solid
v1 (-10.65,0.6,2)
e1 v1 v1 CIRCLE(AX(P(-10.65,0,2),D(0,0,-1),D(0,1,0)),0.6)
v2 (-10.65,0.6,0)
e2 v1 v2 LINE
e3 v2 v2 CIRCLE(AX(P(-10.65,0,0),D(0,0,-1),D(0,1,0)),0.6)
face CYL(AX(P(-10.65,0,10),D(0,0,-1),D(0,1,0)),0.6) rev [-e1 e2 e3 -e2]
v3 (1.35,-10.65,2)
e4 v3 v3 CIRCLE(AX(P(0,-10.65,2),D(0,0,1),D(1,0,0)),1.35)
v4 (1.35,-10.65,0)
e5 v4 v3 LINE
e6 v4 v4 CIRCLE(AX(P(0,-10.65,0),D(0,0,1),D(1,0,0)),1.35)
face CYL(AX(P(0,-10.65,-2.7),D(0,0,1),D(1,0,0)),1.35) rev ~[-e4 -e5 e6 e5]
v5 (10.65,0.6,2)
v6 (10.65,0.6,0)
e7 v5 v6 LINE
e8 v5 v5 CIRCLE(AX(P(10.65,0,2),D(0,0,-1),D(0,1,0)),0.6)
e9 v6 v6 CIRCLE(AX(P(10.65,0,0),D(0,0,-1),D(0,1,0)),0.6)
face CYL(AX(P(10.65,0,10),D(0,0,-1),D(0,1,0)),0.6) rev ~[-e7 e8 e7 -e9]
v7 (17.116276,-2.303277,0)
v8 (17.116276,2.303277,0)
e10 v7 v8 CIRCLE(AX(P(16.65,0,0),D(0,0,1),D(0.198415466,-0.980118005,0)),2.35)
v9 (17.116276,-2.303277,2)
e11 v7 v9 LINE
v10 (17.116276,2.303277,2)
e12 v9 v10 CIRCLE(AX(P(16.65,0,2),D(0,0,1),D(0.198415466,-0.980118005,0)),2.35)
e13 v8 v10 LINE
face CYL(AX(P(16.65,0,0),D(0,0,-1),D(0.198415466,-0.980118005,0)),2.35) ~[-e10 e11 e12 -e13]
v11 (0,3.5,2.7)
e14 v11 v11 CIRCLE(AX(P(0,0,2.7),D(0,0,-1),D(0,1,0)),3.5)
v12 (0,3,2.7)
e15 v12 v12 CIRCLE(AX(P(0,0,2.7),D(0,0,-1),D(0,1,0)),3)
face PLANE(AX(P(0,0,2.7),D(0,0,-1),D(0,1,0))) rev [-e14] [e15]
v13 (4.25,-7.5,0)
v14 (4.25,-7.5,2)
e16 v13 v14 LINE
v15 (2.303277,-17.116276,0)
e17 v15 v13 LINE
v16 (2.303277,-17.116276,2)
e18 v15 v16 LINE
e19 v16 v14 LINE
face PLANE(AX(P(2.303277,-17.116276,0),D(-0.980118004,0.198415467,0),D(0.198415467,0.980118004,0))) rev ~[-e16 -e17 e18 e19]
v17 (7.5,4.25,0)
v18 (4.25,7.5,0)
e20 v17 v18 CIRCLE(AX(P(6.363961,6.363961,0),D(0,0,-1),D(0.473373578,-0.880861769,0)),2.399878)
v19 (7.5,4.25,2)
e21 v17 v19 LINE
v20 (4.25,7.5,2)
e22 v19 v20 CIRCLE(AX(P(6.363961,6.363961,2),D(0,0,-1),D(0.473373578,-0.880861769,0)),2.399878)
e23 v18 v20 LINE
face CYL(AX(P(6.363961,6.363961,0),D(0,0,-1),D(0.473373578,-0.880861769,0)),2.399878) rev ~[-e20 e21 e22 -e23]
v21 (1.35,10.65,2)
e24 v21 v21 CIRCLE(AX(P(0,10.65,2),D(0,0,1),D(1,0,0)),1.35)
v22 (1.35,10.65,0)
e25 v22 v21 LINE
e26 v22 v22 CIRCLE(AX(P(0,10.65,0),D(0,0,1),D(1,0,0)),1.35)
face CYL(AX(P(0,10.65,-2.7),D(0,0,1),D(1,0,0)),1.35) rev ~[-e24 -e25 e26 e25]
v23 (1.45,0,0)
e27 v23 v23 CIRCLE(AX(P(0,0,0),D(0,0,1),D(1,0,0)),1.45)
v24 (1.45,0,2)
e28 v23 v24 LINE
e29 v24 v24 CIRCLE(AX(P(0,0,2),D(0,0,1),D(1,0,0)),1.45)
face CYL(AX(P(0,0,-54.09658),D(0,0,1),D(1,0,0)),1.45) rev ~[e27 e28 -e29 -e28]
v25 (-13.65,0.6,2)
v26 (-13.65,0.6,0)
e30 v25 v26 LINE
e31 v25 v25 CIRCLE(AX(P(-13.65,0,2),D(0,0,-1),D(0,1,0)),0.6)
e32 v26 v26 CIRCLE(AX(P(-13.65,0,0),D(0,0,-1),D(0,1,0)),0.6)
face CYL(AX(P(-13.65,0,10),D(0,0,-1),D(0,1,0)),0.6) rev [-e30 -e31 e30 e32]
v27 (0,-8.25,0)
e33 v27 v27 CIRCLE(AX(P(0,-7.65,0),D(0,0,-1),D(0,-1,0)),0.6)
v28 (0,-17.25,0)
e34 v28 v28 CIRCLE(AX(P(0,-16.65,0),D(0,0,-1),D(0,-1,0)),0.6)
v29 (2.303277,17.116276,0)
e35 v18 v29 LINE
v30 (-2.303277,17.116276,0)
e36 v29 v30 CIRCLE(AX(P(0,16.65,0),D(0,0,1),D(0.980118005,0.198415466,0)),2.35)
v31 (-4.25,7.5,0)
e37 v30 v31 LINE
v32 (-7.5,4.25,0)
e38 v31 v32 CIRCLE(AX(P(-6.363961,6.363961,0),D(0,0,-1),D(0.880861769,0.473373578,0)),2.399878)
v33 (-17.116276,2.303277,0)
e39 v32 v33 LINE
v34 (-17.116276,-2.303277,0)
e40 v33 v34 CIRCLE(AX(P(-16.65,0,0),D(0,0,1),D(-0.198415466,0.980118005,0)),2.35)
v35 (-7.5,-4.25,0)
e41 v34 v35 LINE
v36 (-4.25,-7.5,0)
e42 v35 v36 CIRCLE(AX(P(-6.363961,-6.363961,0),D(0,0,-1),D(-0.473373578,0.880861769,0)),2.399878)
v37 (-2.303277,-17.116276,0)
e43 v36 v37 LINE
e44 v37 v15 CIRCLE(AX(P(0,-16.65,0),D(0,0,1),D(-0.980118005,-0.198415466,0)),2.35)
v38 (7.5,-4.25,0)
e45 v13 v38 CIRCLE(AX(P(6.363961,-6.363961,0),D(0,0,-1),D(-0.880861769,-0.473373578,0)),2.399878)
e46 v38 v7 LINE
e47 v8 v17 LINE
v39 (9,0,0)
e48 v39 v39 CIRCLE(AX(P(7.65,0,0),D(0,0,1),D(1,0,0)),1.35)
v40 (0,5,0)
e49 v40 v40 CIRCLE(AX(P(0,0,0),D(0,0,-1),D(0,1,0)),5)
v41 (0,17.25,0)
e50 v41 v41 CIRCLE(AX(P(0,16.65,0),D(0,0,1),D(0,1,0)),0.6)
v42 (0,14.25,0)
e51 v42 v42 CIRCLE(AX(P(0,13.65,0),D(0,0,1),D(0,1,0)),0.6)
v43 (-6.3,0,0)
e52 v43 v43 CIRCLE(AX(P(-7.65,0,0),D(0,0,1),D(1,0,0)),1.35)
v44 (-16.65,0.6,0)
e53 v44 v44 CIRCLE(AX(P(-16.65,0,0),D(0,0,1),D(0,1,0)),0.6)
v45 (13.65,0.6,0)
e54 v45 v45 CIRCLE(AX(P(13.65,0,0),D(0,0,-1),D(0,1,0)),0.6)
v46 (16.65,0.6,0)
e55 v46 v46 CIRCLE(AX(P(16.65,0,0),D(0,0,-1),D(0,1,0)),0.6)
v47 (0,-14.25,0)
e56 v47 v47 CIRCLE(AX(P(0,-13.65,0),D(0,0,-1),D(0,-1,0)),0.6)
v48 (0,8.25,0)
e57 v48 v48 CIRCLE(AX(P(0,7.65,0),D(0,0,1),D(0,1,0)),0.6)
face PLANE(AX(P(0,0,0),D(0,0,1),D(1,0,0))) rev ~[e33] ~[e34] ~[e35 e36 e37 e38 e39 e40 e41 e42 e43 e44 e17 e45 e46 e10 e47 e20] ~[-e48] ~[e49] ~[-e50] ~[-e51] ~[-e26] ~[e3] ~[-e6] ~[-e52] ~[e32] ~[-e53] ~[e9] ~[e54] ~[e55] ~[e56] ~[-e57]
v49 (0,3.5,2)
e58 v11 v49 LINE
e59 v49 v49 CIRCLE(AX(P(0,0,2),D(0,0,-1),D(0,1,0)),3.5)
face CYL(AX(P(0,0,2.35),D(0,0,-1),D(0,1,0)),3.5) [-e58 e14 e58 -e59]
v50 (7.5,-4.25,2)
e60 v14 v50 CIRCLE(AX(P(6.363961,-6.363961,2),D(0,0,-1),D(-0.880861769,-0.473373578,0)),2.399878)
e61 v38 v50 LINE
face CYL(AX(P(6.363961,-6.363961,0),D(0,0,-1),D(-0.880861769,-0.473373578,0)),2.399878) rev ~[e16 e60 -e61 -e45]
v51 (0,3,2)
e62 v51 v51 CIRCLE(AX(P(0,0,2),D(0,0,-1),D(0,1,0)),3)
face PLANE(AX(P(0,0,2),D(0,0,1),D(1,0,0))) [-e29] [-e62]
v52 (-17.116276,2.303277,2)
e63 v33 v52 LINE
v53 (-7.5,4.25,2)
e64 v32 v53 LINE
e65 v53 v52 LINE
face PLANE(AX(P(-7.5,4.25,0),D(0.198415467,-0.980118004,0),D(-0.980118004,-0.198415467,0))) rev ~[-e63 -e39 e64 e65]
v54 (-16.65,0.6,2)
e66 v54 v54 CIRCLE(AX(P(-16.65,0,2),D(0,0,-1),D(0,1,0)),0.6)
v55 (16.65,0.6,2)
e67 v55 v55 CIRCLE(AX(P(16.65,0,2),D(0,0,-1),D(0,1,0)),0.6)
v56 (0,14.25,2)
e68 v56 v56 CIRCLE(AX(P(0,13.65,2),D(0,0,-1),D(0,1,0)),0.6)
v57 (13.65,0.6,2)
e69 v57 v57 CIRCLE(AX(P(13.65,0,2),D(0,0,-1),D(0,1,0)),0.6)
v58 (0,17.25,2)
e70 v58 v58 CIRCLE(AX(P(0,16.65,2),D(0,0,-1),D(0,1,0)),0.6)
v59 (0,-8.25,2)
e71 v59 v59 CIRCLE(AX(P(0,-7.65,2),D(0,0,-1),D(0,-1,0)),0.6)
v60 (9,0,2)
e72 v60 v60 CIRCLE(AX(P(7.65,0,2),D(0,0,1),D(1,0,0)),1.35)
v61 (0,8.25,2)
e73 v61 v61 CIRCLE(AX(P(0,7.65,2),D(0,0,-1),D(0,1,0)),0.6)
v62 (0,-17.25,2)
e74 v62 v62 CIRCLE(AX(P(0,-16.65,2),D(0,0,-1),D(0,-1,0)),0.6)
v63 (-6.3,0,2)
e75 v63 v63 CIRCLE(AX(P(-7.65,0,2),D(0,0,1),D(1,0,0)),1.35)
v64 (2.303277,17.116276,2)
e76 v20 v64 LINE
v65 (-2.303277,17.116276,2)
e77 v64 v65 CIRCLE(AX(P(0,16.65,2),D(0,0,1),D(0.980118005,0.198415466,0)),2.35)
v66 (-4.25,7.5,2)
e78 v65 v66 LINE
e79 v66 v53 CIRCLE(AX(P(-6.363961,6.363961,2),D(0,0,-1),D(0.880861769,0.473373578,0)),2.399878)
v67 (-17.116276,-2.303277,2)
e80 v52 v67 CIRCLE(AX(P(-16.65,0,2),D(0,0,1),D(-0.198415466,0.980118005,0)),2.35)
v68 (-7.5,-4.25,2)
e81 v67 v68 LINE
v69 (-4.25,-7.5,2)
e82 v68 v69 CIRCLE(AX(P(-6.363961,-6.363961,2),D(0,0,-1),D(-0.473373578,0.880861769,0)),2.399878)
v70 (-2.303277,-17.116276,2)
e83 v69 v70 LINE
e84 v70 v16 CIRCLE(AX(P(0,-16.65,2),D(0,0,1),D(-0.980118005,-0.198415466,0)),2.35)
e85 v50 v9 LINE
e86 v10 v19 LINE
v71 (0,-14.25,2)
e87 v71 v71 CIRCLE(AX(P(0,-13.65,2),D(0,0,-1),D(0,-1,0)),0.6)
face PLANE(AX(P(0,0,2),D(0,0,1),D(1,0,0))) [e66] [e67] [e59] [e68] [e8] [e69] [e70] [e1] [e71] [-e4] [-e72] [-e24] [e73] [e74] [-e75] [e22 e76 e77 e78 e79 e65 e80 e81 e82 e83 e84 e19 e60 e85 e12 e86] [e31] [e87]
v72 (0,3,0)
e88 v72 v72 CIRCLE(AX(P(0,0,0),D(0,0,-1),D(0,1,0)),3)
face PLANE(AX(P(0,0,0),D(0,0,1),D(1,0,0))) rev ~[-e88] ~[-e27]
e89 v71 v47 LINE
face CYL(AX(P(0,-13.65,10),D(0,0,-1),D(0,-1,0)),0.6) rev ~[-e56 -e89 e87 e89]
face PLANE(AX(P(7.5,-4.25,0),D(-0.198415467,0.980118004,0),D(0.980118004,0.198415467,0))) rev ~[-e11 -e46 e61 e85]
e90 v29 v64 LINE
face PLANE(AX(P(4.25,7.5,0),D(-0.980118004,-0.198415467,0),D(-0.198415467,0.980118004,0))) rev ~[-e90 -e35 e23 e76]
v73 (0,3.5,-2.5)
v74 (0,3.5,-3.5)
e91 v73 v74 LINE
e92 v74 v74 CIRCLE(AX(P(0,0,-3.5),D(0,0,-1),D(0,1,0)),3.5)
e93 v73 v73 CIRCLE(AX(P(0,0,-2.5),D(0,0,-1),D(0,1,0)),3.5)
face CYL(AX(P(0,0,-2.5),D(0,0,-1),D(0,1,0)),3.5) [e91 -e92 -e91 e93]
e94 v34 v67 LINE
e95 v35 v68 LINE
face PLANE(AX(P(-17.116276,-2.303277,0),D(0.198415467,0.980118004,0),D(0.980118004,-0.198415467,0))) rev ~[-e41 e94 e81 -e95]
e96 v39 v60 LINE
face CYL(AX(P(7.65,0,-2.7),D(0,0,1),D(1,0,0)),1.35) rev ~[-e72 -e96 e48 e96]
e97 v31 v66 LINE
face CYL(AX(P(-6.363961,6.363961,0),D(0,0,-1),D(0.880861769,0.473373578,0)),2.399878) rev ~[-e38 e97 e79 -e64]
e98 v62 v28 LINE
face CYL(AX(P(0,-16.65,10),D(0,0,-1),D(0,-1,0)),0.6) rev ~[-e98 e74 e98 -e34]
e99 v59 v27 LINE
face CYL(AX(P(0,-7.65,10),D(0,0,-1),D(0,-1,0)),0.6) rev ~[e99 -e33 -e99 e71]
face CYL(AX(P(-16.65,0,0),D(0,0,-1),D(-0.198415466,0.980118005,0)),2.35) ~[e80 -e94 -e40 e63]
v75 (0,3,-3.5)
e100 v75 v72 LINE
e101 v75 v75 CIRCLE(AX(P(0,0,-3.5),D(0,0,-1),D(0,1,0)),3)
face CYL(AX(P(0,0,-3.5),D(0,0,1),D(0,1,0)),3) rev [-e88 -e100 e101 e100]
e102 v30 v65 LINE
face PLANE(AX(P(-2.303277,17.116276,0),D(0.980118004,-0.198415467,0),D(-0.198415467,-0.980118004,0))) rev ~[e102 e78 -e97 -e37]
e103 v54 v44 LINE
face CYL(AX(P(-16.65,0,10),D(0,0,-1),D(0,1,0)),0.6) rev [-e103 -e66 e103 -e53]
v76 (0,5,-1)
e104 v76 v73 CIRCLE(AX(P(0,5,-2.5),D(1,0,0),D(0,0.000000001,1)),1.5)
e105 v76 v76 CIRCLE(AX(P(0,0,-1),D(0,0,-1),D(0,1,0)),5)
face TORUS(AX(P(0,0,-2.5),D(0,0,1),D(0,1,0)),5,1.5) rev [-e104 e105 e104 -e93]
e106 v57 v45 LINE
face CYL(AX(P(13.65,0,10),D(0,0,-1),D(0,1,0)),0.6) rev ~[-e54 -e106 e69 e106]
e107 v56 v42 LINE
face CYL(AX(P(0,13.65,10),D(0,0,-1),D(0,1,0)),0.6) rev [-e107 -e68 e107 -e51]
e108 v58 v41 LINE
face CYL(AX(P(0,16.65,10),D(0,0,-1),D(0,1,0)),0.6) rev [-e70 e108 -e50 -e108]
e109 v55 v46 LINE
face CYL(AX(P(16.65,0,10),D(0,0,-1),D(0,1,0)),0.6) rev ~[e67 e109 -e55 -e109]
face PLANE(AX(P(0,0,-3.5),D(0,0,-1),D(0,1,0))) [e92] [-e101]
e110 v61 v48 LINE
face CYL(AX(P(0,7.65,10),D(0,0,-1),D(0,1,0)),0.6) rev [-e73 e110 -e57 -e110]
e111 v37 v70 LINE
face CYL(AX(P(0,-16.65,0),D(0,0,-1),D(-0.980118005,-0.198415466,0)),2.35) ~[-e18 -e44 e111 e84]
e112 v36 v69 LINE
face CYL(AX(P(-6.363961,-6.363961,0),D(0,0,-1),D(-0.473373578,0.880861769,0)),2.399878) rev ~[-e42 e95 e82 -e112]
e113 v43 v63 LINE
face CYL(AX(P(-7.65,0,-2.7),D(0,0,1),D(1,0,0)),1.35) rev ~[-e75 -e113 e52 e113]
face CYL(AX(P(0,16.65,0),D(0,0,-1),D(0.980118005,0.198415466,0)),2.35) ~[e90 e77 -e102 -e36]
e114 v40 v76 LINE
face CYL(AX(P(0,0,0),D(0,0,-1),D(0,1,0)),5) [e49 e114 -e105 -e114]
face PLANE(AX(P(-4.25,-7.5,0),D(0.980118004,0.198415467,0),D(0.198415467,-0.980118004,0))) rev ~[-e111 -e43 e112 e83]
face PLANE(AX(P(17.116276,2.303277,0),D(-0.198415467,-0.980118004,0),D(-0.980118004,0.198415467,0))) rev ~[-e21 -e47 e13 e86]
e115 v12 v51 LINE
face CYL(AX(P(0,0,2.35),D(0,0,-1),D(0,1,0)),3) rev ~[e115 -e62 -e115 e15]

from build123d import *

# Parameters (mm, degrees)
AUFSATZ_LINEAR_AUSTRAGEN1_DEPTH           = 2
F_1_2_1_2_DURCHMESSER_BOHRUNG1_AT_2_COUNT = 2
F_1_2_1_2_DURCHMESSER_BOHRUNG1_AT_2_PITCH = 6
F_1_2_1_2_DURCHMESSER_BOHRUNG1_AT_3_COUNT = 2
F_1_2_1_2_DURCHMESSER_BOHRUNG1_AT_3_PITCH = 9
F_1_2_1_2_DURCHMESSER_BOHRUNG1_AT_4_COUNT = 2
F_1_2_1_2_DURCHMESSER_BOHRUNG1_AT_4_PITCH = 3
F_1_2_1_2_DURCHMESSER_BOHRUNG1_AT_5_COUNT = 2
F_1_2_1_2_DURCHMESSER_BOHRUNG1_AT_5_PITCH = 23.546655814
F_1_2_1_2_DURCHMESSER_BOHRUNG1_AT_6_COUNT = 2
F_1_2_1_2_DURCHMESSER_BOHRUNG1_AT_6_PITCH = 21.530095216
F_1_2_1_2_DURCHMESSER_BOHRUNG1_AT_7_COUNT = 2
F_1_2_1_2_DURCHMESSER_BOHRUNG1_AT_7_PITCH = 19.764741334
F_1_2_1_2_DURCHMESSER_BOHRUNG1_AT_8_COUNT = 2
F_1_2_1_2_DURCHMESSER_BOHRUNG1_AT_8_PITCH = 18.323345764
SKIZZE4_W                                 = 0.7
SKIZZE4_H                                 = 0.5
F_2_9_2_9_DURCHMESSER_BOHRUNG1_D          = 2.9
F_2_7_2_7_DIAMETER_HOLE1_D                = 2.7
F_2_7_2_7_DIAMETER_HOLE1_DEPTH            = 2.7


with BuildPart() as part:
    # Skizze1 → Aufsatz-Linear austragen1 (new body)
    with BuildSketch(Plane.XY):
        with BuildLine():
            Line((-2.30327731, 17.116276346), (-4.25, 7.5))
            ThreePointArc((-4.25, 7.5), (-4.666990822, 4.666990822), (-7.5, 4.25))
            Line((-7.5, 4.25), (-17.116276346, 2.30327731))
            ThreePointArc((-17.116276346, 2.30327731), (-19, 0), (-17.116276346, -2.30327731))
            Line((-17.116276346, -2.30327731), (-7.5, -4.25))
            ThreePointArc((-7.5, -4.25), (-4.666990822, -4.666990822), (-4.25, -7.5))
            Line((-4.25, -7.5), (-2.30327731, -17.116276346))
            ThreePointArc((-2.30327731, -17.116276346), (0, -19), (2.30327731, -17.116276346))
            Line((2.30327731, -17.116276346), (4.25, -7.5))
            ThreePointArc((4.25, -7.5), (4.666990822, -4.666990822), (7.5, -4.25))
            Line((7.5, -4.25), (17.116276346, -2.30327731))
            ThreePointArc((17.116276346, -2.30327731), (19, 0), (17.116276346, 2.30327731))
            Line((17.116276346, 2.30327731), (7.5, 4.25))
            ThreePointArc((7.5, 4.25), (4.666990822, 4.666990822), (4.25, 7.5))
            Line((4.25, 7.5), (2.30327731, 17.116276346))
            ThreePointArc((2.30327731, 17.116276346), (0, 19), (-2.30327731, 17.116276346))
        make_face()
    extrude(amount=AUFSATZ_LINEAR_AUSTRAGEN1_DEPTH)

    # Skizze2 → Ø1.2 (1.2) Durchmesser Bohrung1 (revolve, cut)
    with BuildSketch(Plane(origin=(0, 16.65, 0), x_dir=(0, 1, 0), z_dir=(1, 0, 0))):
        Polygon((0, 0), (0, 10.360516371), (0.6, 10), (0.6, 0), align=None)
    f_1_2_1_2_durchmesser_bohrung1 = revolve(axis=Axis((0, 16.65, -6.35), (0, 0, 1)), mode=Mode.SUBTRACT)

    # Ø1.2 (1.2) Durchmesser Bohrung1 at 2: Ø1.2 (1.2) Durchmesser Bohrung1 ×2
    with Locations(*[(0, -i * F_1_2_1_2_DURCHMESSER_BOHRUNG1_AT_2_PITCH, 0) for i in range(1, F_1_2_1_2_DURCHMESSER_BOHRUNG1_AT_2_COUNT)]):
        add(f_1_2_1_2_durchmesser_bohrung1, mode=Mode.SUBTRACT)

    # Ø1.2 (1.2) Durchmesser Bohrung1 at 3: Ø1.2 (1.2) Durchmesser Bohrung1 ×2
    with Locations(*[(0, -i * F_1_2_1_2_DURCHMESSER_BOHRUNG1_AT_3_PITCH, 0) for i in range(1, F_1_2_1_2_DURCHMESSER_BOHRUNG1_AT_3_COUNT)]):
        add(f_1_2_1_2_durchmesser_bohrung1, mode=Mode.SUBTRACT)

    # Ø1.2 (1.2) Durchmesser Bohrung1 at 4: Ø1.2 (1.2) Durchmesser Bohrung1 ×2
    with Locations(*[(0, -i * F_1_2_1_2_DURCHMESSER_BOHRUNG1_AT_4_PITCH, 0) for i in range(1, F_1_2_1_2_DURCHMESSER_BOHRUNG1_AT_4_COUNT)]):
        add(f_1_2_1_2_durchmesser_bohrung1, mode=Mode.SUBTRACT)

    # Ø1.2 (1.2) Durchmesser Bohrung1 at 5: Ø1.2 (1.2) Durchmesser Bohrung1 ×2
    with Locations(*[Vector(-0.707106781, -0.707106781, 0) * (i * F_1_2_1_2_DURCHMESSER_BOHRUNG1_AT_5_PITCH) for i in range(1, F_1_2_1_2_DURCHMESSER_BOHRUNG1_AT_5_COUNT)]):
        add(f_1_2_1_2_durchmesser_bohrung1, mode=Mode.SUBTRACT)

    # Ø1.2 (1.2) Durchmesser Bohrung1 at 6: Ø1.2 (1.2) Durchmesser Bohrung1 ×2
    with Locations(*[Vector(-0.633996267, -0.773336106, 0) * (i * F_1_2_1_2_DURCHMESSER_BOHRUNG1_AT_6_PITCH) for i in range(1, F_1_2_1_2_DURCHMESSER_BOHRUNG1_AT_6_COUNT)]):
        add(f_1_2_1_2_durchmesser_bohrung1, mode=Mode.SUBTRACT)

    # Ø1.2 (1.2) Durchmesser Bohrung1 at 7: Ø1.2 (1.2) Durchmesser Bohrung1 ×2
    with Locations(*[Vector(-0.538838319, -0.842409203, 0) * (i * F_1_2_1_2_DURCHMESSER_BOHRUNG1_AT_7_PITCH) for i in range(1, F_1_2_1_2_DURCHMESSER_BOHRUNG1_AT_7_COUNT)]):
        add(f_1_2_1_2_durchmesser_bohrung1, mode=Mode.SUBTRACT)

    # Ø1.2 (1.2) Durchmesser Bohrung1 at 8: Ø1.2 (1.2) Durchmesser Bohrung1 ×2
    with Locations(*[Vector(-0.417500172, -0.908676844, 0) * (i * F_1_2_1_2_DURCHMESSER_BOHRUNG1_AT_8_PITCH) for i in range(1, F_1_2_1_2_DURCHMESSER_BOHRUNG1_AT_8_COUNT)]):
        add(f_1_2_1_2_durchmesser_bohrung1, mode=Mode.SUBTRACT)

    # Spiegeln1: Ø1.2 (1.2) Durchmesser Bohrung1 across plane
    add(f_1_2_1_2_durchmesser_bohrung1.mirror(Plane(origin=(0, 0, 0), x_dir=(0, 0, 1), z_dir=(1, 0, 0))), mode=Mode.SUBTRACT)

    # Spiegeln1 copy 1 sketch → Spiegeln1 copy 1 (revolve, cut)
    with BuildSketch(Plane(origin=(0, 10.65, 0), x_dir=(0, 1, 0), z_dir=(-1, 0, 0))):
        Polygon((0, 0), (0, -10.360516371), (0.6, -10), (0.6, 0), align=None)
    revolve(axis=Axis((0, 10.65, -6.35), (0, 0, -1)), mode=Mode.SUBTRACT)

    # Spiegeln1 copy 2 sketch → Spiegeln1 copy 2 (revolve, cut)
    with BuildSketch(Plane(origin=(0, 7.65, 0), x_dir=(0, 1, 0), z_dir=(-1, 0, 0))):
        Polygon((0, 0), (0, -10.360516371), (0.6, -10), (0.6, 0), align=None)
    revolve(axis=Axis((0, 7.65, -6.35), (0, 0, -1)), mode=Mode.SUBTRACT)

    # Spiegeln1 copy 3 sketch → Spiegeln1 copy 3 (revolve, cut)
    with BuildSketch(Plane(origin=(0, 13.65, 0), x_dir=(0, 1, 0), z_dir=(-1, 0, 0))):
        Polygon((0, 0), (0, -10.360516371), (0.6, -10), (0.6, 0), align=None)
    revolve(axis=Axis((0, 13.65, -6.35), (0, 0, -1)), mode=Mode.SUBTRACT)

    # Spiegeln1 copy 4 sketch → Spiegeln1 copy 4 (revolve, cut)
    with BuildSketch(Plane(origin=(16.65, 0, 0), x_dir=(0, 1, 0), z_dir=(-1, 0, 0))):
        Polygon((0, 0), (0, -10.360516371), (0.6, -10), (0.6, 0), align=None)
    revolve(axis=Axis((16.65, 0, -6.35), (0, 0, -1)), mode=Mode.SUBTRACT)

    # Spiegeln1 copy 5 sketch → Spiegeln1 copy 5 (revolve, cut)
    with BuildSketch(Plane(origin=(13.65, 0, 0), x_dir=(0, 1, 0), z_dir=(-1, 0, 0))):
        Polygon((0, 0), (0, -10.360516371), (0.6, -10), (0.6, 0), align=None)
    revolve(axis=Axis((13.65, 0, -6.35), (0, 0, -1)), mode=Mode.SUBTRACT)

    # Spiegeln1 copy 6 sketch → Spiegeln1 copy 6 (revolve, cut)
    with BuildSketch(Plane(origin=(10.65, 0, 0), x_dir=(0, 1, 0), z_dir=(-1, 0, 0))):
        Polygon((0, 0), (0, -10.360516371), (0.6, -10), (0.6, 0), align=None)
    revolve(axis=Axis((10.65, 0, -6.35), (0, 0, -1)), mode=Mode.SUBTRACT)

    # Spiegeln1 copy 7 sketch → Spiegeln1 copy 7 (revolve, cut)
    with BuildSketch(Plane(origin=(7.65, 0, 0), x_dir=(0, 1, 0), z_dir=(-1, 0, 0))):
        Polygon((0, 0), (0, -10.360516371), (0.6, -10), (0.6, 0), align=None)
    revolve(axis=Axis((7.65, 0, -6.35), (0, 0, -1)), mode=Mode.SUBTRACT)

    # Spiegeln2: Ø1.2 (1.2) Durchmesser Bohrung1 across plane
    add(f_1_2_1_2_durchmesser_bohrung1.mirror(Plane.ZX), mode=Mode.SUBTRACT)

    # Spiegeln2 copy 1 sketch → Spiegeln2 copy 1 (revolve, cut)
    with BuildSketch(Plane(origin=(0, -10.65, 0), x_dir=(0, -1, 0), z_dir=(1, 0, 0))):
        Polygon((0, 0), (0, -10.360516371), (0.6, -10), (0.6, 0), align=None)
    revolve(axis=Axis((0, -10.65, -6.35), (0, 0, -1)), mode=Mode.SUBTRACT)

    # Spiegeln2 copy 2 sketch → Spiegeln2 copy 2 (revolve, cut)
    with BuildSketch(Plane(origin=(0, -7.65, 0), x_dir=(0, -1, 0), z_dir=(1, 0, 0))):
        Polygon((0, 0), (0, -10.360516371), (0.6, -10), (0.6, 0), align=None)
    revolve(axis=Axis((0, -7.65, -6.35), (0, 0, -1)), mode=Mode.SUBTRACT)

    # Spiegeln2 copy 3 sketch → Spiegeln2 copy 3 (revolve, cut)
    with BuildSketch(Plane(origin=(0, -13.65, 0), x_dir=(0, -1, 0), z_dir=(1, 0, 0))):
        Polygon((0, 0), (0, -10.360516371), (0.6, -10), (0.6, 0), align=None)
    revolve(axis=Axis((0, -13.65, -6.35), (0, 0, -1)), mode=Mode.SUBTRACT)

    # Spiegeln2 copy 4 sketch → Spiegeln2 copy 4 (revolve, cut)
    with BuildSketch(Plane(origin=(-16.65, 0, 0), x_dir=(0, -1, 0), z_dir=(1, 0, 0))):
        Polygon((0, 0), (0, -10.360516371), (0.6, -10), (0.6, 0), align=None)
    revolve(axis=Axis((-16.65, 0, -6.35), (0, 0, -1)), mode=Mode.SUBTRACT)

    # Spiegeln2 copy 5 sketch → Spiegeln2 copy 5 (revolve, cut)
    with BuildSketch(Plane(origin=(-13.65, 0, 0), x_dir=(0, -1, 0), z_dir=(1, 0, 0))):
        Polygon((0, 0), (0, -10.360516371), (0.6, -10), (0.6, 0), align=None)
    revolve(axis=Axis((-13.65, 0, -6.35), (0, 0, -1)), mode=Mode.SUBTRACT)

    # Spiegeln2 copy 6 sketch → Spiegeln2 copy 6 (revolve, cut)
    with BuildSketch(Plane(origin=(-10.65, 0, 0), x_dir=(0, -1, 0), z_dir=(1, 0, 0))):
        Polygon((0, 0), (0, -10.360516371), (0.6, -10), (0.6, 0), align=None)
    revolve(axis=Axis((-10.65, 0, -6.35), (0, 0, -1)), mode=Mode.SUBTRACT)

    # Spiegeln2 copy 7 sketch → Spiegeln2 copy 7 (revolve, cut)
    with BuildSketch(Plane(origin=(-7.65, 0, 0), x_dir=(0, -1, 0), z_dir=(1, 0, 0))):
        Polygon((0, 0), (0, -10.360516371), (0.6, -10), (0.6, 0), align=None)
    revolve(axis=Axis((-7.65, 0, -6.35), (0, 0, -1)), mode=Mode.SUBTRACT)

    # Skizze4 → Rotation1 (revolve)
    with BuildSketch(Plane(origin=(0, 0, 0), x_dir=(0, 0, -1), z_dir=(1, 0, 0))):
        with BuildLine():
            Line((0, 5), (1, 5))
            ThreePointArc((1, 5), (1.439339828, 3.939339828), (2.5, 3.5))
            Line((2.5, 3.5), (3.5, 3.5))
            Line((3.5, 3.5), (3.5, 3))
            Line((3.5, 3), (0, 3))
            Line((0, 3), (0, 5))
        make_face()
        with Locations((-2.35, 3.25)):
            Rectangle(SKIZZE4_W, SKIZZE4_H)
    revolve(axis=Axis((0, 0, 3.110475716), (0, 0, -1)))

    # Ø2.9 (2.9) Durchmesser Bohrung1 (through all)
    with Locations(Plane(origin=(0, 0, 0), x_dir=(-1, 0, 0), z_dir=(0, 0, -1))):
        with Locations((0, 0)):
            Hole(F_2_9_2_9_DURCHMESSER_BOHRUNG1_D / 2)

    # Ø2.7 (2.7) Diameter Hole1
    with Locations(Plane(origin=(0, 0, 0), x_dir=(-1, 0, 0), z_dir=(0, 0, -1))):
        with Locations((-7.65, 0), (7.65, 0), (0, 10.65), (0, -10.65)):
            Hole(F_2_7_2_7_DIAMETER_HOLE1_D / 2, depth=F_2_7_2_7_DIAMETER_HOLE1_DEPTH)


solid = part.part
